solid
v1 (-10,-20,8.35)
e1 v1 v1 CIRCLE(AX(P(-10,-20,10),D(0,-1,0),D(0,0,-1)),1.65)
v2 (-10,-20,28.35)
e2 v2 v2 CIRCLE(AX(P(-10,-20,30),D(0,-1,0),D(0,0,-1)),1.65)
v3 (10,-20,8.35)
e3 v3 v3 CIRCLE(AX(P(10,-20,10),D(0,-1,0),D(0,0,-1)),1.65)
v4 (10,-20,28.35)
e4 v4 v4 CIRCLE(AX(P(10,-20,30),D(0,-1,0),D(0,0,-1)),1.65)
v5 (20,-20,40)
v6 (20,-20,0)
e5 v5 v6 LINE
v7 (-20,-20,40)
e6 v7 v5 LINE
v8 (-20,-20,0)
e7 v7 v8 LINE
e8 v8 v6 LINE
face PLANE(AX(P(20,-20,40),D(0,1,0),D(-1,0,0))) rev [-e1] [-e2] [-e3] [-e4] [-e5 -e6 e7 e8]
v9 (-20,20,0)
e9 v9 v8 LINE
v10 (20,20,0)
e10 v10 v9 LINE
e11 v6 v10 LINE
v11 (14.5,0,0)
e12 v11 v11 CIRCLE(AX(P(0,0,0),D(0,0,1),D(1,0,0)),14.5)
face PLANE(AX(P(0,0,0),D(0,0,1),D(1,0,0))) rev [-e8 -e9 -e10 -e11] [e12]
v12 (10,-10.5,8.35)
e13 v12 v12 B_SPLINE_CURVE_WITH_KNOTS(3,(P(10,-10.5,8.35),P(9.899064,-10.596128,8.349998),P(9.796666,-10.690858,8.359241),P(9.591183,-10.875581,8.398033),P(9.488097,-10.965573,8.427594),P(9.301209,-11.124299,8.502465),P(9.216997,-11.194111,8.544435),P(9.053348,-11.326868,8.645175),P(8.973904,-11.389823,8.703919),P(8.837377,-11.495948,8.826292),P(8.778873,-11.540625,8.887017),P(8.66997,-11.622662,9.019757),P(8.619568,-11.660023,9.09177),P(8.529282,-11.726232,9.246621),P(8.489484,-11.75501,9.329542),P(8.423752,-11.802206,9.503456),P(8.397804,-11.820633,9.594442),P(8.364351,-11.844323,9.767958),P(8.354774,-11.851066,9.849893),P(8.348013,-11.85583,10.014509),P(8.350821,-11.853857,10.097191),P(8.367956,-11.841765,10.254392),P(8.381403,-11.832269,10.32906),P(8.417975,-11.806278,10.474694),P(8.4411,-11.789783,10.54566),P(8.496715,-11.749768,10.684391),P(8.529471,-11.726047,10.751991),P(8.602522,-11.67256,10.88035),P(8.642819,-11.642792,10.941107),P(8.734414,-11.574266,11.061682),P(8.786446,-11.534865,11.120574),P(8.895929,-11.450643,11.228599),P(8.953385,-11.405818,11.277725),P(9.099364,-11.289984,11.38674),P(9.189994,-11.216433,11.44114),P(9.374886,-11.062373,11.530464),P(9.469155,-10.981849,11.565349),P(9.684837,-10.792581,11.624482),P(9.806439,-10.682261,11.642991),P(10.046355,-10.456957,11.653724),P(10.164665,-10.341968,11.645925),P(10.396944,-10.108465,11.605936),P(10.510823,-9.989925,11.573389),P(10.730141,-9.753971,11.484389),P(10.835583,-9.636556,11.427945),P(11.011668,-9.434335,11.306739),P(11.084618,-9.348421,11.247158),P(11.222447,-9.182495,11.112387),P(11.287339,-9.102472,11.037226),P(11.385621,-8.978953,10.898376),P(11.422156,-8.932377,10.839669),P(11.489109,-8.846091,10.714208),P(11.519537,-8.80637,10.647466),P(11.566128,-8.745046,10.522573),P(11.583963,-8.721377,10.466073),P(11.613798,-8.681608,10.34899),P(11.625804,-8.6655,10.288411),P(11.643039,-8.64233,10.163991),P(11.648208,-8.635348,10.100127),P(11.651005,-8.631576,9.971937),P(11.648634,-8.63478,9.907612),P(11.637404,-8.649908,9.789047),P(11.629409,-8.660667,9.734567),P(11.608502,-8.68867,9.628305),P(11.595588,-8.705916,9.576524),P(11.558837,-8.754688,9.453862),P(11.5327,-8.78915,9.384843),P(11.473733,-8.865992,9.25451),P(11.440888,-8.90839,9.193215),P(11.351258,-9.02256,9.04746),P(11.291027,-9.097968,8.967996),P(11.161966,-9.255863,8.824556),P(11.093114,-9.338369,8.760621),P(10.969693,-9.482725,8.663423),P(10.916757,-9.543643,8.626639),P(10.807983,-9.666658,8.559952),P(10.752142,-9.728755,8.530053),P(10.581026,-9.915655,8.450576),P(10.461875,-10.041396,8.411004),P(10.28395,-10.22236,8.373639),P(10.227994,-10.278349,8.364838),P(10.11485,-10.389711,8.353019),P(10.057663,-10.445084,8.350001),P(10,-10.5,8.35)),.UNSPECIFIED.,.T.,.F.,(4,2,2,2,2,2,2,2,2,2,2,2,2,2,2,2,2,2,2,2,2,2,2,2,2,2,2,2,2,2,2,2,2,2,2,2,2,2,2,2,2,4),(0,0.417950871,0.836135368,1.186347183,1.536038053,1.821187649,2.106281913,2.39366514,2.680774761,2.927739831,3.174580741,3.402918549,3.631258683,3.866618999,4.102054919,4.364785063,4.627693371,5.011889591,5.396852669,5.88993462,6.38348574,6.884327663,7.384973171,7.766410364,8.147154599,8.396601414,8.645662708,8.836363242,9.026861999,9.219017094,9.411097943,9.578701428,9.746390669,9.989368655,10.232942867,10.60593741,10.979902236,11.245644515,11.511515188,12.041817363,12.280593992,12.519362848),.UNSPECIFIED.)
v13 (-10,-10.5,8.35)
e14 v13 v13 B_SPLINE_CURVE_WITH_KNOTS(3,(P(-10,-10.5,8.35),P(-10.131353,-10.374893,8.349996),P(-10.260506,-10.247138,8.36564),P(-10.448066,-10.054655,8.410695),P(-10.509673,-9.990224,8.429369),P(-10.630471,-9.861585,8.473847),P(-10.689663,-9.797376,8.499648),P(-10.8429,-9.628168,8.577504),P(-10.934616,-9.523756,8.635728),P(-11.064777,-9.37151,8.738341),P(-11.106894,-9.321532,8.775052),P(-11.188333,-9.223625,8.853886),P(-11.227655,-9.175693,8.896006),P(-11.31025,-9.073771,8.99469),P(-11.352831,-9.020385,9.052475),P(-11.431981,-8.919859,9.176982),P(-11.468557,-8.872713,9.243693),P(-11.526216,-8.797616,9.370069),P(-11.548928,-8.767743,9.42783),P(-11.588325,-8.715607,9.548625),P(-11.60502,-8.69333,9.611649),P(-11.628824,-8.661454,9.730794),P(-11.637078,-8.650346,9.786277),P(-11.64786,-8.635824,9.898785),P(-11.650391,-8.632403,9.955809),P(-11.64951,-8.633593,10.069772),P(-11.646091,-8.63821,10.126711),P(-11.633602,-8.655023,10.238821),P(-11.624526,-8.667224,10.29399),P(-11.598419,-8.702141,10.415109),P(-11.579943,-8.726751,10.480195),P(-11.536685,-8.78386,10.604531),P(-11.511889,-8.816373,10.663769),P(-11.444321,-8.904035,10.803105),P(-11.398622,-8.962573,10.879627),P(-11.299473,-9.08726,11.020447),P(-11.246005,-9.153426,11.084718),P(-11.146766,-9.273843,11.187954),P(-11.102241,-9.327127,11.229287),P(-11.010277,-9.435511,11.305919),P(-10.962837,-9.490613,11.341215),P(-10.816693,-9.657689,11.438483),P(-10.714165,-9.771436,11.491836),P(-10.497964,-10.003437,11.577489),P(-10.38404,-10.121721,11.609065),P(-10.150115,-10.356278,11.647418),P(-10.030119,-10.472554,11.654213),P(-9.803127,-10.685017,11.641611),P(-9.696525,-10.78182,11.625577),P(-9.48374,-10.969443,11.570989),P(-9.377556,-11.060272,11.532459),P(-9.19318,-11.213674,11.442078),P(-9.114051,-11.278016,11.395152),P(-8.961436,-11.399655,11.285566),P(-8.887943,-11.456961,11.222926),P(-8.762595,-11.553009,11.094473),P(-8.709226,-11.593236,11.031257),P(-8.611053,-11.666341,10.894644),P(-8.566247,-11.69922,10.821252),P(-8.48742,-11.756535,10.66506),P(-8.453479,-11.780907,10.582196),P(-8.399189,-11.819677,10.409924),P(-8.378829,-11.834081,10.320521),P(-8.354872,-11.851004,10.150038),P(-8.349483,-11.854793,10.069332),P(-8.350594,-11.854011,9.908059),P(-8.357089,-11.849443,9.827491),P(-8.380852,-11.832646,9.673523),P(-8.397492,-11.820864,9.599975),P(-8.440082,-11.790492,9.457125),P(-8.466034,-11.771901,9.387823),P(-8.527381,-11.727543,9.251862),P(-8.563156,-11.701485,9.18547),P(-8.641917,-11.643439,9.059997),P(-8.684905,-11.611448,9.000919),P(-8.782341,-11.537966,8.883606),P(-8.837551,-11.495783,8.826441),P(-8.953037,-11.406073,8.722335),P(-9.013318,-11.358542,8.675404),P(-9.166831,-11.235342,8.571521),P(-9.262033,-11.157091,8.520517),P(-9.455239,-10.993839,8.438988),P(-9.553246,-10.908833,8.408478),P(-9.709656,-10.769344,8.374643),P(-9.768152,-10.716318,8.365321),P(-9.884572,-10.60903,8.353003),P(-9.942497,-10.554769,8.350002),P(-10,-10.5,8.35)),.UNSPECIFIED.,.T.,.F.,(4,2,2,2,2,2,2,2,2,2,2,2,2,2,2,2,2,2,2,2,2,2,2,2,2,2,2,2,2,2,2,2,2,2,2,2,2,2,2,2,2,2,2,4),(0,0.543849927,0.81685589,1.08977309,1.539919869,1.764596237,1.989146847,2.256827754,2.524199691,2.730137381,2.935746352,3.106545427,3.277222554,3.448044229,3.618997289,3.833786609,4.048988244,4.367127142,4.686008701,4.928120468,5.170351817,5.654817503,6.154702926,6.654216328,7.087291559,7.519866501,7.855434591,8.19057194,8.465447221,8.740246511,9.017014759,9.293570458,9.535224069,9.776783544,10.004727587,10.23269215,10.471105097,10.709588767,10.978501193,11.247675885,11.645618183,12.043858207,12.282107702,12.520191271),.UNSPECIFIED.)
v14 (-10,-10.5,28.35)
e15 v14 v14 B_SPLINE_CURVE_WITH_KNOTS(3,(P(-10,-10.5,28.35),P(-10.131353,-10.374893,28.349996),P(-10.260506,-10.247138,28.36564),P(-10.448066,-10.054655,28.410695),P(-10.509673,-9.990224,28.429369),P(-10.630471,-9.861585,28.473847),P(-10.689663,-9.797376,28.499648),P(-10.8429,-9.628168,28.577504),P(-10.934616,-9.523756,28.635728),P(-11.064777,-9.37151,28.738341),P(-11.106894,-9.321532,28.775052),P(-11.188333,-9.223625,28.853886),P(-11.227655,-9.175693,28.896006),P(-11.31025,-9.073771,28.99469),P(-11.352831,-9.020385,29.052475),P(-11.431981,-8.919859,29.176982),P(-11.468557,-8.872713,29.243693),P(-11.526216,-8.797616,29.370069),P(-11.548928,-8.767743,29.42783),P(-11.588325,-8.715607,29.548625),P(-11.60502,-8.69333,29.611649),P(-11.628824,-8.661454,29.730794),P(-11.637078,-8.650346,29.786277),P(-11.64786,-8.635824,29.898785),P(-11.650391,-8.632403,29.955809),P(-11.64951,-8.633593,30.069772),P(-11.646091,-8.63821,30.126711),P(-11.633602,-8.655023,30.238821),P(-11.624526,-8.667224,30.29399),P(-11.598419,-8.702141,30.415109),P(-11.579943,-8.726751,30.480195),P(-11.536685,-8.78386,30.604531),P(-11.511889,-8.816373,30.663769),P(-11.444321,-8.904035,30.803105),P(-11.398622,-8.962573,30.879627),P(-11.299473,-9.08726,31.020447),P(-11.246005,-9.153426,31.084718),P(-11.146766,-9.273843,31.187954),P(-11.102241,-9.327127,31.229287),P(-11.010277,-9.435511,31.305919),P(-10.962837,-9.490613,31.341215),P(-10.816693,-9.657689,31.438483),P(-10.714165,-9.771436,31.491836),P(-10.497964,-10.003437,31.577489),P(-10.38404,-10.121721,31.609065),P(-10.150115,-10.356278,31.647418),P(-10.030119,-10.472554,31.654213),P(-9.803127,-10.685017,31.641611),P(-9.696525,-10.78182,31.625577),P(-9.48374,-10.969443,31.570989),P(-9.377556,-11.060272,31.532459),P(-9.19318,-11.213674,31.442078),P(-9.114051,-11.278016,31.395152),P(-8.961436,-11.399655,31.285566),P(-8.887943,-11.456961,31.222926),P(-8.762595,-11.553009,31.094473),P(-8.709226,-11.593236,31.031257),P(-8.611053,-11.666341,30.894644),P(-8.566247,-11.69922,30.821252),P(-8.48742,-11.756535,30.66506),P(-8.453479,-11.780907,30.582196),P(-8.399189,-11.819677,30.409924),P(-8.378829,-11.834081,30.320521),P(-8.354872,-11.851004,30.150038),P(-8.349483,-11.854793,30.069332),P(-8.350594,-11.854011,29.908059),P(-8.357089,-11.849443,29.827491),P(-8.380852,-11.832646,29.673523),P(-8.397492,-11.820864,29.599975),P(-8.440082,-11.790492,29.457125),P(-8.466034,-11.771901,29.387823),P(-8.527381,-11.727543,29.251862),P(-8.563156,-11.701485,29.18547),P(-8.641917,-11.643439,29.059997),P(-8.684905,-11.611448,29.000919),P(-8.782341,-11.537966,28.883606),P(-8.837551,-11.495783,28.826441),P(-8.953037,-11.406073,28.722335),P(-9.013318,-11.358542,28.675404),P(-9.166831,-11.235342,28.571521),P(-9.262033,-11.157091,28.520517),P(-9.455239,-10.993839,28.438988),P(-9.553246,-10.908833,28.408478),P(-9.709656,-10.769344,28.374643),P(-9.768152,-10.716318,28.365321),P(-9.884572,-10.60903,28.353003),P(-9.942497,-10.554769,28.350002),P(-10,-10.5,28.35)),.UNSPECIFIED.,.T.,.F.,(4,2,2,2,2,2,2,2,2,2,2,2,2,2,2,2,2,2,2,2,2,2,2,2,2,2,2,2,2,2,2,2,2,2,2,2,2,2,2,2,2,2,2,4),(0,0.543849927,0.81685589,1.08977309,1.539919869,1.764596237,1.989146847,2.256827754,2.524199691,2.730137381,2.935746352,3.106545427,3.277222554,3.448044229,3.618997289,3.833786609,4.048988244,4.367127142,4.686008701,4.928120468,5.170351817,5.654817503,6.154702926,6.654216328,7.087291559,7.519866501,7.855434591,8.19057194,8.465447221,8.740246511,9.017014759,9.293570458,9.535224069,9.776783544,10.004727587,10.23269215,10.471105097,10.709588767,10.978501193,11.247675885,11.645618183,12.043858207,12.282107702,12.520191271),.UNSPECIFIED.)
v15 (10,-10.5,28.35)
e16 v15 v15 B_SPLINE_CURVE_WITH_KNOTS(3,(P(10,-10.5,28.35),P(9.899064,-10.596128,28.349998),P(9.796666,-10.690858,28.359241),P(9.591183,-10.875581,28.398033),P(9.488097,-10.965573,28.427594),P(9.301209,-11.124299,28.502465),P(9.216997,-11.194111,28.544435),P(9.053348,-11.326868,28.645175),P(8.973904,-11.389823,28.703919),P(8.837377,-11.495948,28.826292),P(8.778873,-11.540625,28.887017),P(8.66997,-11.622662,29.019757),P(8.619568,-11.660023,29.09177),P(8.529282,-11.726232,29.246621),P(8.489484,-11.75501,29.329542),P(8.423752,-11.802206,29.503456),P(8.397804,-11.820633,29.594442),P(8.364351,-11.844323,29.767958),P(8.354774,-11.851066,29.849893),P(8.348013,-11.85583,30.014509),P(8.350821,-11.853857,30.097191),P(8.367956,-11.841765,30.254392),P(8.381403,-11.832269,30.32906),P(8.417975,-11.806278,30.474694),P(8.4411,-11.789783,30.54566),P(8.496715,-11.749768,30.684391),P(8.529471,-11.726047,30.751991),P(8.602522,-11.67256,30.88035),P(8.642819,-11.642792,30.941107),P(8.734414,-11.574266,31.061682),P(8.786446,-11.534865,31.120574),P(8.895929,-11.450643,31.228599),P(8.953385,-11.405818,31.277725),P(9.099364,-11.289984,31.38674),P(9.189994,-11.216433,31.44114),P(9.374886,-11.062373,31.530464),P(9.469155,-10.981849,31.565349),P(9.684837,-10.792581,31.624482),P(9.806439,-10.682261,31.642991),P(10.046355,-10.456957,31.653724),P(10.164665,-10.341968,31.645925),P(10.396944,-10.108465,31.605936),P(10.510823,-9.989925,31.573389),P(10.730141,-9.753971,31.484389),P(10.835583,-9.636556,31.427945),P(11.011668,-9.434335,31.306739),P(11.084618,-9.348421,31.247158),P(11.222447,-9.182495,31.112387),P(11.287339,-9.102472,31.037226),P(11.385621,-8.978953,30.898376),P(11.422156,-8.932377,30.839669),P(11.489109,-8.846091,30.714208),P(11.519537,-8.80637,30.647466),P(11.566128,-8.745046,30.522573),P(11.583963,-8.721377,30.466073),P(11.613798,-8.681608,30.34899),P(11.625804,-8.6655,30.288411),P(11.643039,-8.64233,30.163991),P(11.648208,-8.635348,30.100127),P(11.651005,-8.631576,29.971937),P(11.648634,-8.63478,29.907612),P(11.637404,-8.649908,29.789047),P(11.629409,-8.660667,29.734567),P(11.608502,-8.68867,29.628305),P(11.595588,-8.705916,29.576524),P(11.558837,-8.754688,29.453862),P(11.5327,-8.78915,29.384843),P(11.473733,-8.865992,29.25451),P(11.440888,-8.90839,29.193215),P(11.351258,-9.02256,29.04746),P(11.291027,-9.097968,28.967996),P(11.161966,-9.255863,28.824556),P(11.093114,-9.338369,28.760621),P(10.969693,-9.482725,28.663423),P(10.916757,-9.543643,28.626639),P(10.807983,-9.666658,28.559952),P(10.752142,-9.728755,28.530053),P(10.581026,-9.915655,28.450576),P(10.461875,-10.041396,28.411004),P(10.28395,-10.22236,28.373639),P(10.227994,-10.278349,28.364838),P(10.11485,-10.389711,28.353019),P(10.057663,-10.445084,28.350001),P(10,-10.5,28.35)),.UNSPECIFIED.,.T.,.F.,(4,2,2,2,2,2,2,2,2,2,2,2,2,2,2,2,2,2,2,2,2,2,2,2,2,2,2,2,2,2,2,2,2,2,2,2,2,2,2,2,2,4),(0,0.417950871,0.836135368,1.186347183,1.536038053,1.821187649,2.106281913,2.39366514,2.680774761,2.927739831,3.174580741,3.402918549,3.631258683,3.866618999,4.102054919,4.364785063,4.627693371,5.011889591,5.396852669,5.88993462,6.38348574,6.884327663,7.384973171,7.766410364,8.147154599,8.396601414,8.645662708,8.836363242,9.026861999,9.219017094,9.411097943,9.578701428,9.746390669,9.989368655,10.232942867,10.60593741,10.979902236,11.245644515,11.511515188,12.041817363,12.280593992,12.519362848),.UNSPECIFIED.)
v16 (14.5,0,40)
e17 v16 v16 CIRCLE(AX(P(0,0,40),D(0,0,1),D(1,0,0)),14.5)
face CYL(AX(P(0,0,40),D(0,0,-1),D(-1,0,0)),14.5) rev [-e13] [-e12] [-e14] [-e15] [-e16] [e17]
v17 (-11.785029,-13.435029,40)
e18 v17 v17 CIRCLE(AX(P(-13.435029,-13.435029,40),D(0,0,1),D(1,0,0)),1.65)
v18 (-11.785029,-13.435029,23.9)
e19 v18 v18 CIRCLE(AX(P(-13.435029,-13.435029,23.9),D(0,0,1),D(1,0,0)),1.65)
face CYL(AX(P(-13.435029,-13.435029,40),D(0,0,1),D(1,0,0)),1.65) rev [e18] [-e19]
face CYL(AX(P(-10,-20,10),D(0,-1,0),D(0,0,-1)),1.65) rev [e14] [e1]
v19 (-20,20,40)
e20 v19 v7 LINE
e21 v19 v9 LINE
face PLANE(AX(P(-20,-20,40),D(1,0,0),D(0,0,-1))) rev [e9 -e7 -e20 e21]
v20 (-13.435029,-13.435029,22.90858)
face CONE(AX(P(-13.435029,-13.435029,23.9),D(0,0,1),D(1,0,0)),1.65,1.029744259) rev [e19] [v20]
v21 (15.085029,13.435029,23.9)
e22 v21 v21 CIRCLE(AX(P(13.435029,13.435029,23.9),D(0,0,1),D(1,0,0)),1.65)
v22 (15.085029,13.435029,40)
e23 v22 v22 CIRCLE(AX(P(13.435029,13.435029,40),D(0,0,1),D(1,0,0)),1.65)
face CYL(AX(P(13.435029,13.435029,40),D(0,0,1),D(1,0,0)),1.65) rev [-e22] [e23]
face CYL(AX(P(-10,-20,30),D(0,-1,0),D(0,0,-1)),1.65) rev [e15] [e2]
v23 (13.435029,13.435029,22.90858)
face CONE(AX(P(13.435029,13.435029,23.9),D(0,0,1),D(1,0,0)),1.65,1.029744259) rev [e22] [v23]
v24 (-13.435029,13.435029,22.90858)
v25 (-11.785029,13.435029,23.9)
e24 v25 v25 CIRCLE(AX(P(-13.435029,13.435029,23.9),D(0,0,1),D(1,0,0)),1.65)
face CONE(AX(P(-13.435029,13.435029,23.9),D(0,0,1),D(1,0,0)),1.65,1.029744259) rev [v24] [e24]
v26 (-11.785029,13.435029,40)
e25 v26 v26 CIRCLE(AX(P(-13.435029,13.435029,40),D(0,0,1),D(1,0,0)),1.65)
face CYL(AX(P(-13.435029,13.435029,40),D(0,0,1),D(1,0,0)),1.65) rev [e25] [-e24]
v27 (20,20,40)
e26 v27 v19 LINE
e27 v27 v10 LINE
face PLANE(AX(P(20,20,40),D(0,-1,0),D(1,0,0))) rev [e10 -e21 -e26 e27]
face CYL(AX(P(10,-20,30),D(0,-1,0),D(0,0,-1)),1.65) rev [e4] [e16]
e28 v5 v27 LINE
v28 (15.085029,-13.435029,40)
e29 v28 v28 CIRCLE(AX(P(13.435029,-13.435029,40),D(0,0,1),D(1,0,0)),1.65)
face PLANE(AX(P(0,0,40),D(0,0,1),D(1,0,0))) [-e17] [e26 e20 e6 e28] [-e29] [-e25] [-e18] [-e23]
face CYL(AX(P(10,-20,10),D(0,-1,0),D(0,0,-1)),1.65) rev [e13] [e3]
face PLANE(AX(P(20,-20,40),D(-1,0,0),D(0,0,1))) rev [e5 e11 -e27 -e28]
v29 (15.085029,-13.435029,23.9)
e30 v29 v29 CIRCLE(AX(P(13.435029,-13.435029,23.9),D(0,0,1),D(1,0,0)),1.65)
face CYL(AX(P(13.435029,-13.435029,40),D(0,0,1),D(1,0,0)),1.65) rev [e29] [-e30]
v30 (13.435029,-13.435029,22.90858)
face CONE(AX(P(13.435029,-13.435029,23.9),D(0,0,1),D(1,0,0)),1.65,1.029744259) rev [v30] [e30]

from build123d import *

# Parameters (mm, degrees)
SKETCH1_W             = 40
SKETCH1_H             = 40
SKETCH1_R             = 14.5
BOSS_EXTRUDE1_DEPTH   = 40
M4_TAPPED_HOLE1_D     = 3.3
M4_TAPPED_HOLE1_DEPTH = 16.1
M4_TAPPED_HOLE1_TIP   = 0.991420021
M4_TAPPED_HOLE2_D     = 3.3
M4_TAPPED_HOLE2_DEPTH = 16.1
M4_TAPPED_HOLE2_TIP   = 0.991420021


with BuildPart() as part:
    # Sketch1 → Boss-Extrude1 (new body)
    with BuildSketch(Plane.XY):
        Rectangle(SKETCH1_W, SKETCH1_H)
        Circle(SKETCH1_R, mode=Mode.SUBTRACT)
    extrude(amount=BOSS_EXTRUDE1_DEPTH)

    # M4 Tapped Hole1
    with Locations(Plane(origin=(-13.435028843, 13.435028843, 40), x_dir=(1, 0, 0), z_dir=(0, 0, 1))):
        with Locations((0, 0), (26.870057686, 0), (26.870057686, -26.870057686), (0, -26.870057686)):
            Hole(M4_TAPPED_HOLE1_D / 2, depth=M4_TAPPED_HOLE1_DEPTH)
            with Locations((0, 0, -(M4_TAPPED_HOLE1_DEPTH + M4_TAPPED_HOLE1_TIP / 2))):  # 118° drill point
                Cone(0, M4_TAPPED_HOLE1_D / 2, M4_TAPPED_HOLE1_TIP, mode=Mode.SUBTRACT)

    # M4 Tapped Hole2
    with Locations(Plane(origin=(-10, -20, 30), x_dir=(-1, 0, 0), z_dir=(0, -1, 0))):
        with Locations((0, 0), (-20, 0), (-20, 20), (0, 20)):
            Hole(M4_TAPPED_HOLE2_D / 2, depth=M4_TAPPED_HOLE2_DEPTH)
            with Locations((0, 0, -(M4_TAPPED_HOLE2_DEPTH + M4_TAPPED_HOLE2_TIP / 2))):  # 118° drill point
                Cone(0, M4_TAPPED_HOLE2_D / 2, M4_TAPPED_HOLE2_TIP, mode=Mode.SUBTRACT)


solid = part.part
